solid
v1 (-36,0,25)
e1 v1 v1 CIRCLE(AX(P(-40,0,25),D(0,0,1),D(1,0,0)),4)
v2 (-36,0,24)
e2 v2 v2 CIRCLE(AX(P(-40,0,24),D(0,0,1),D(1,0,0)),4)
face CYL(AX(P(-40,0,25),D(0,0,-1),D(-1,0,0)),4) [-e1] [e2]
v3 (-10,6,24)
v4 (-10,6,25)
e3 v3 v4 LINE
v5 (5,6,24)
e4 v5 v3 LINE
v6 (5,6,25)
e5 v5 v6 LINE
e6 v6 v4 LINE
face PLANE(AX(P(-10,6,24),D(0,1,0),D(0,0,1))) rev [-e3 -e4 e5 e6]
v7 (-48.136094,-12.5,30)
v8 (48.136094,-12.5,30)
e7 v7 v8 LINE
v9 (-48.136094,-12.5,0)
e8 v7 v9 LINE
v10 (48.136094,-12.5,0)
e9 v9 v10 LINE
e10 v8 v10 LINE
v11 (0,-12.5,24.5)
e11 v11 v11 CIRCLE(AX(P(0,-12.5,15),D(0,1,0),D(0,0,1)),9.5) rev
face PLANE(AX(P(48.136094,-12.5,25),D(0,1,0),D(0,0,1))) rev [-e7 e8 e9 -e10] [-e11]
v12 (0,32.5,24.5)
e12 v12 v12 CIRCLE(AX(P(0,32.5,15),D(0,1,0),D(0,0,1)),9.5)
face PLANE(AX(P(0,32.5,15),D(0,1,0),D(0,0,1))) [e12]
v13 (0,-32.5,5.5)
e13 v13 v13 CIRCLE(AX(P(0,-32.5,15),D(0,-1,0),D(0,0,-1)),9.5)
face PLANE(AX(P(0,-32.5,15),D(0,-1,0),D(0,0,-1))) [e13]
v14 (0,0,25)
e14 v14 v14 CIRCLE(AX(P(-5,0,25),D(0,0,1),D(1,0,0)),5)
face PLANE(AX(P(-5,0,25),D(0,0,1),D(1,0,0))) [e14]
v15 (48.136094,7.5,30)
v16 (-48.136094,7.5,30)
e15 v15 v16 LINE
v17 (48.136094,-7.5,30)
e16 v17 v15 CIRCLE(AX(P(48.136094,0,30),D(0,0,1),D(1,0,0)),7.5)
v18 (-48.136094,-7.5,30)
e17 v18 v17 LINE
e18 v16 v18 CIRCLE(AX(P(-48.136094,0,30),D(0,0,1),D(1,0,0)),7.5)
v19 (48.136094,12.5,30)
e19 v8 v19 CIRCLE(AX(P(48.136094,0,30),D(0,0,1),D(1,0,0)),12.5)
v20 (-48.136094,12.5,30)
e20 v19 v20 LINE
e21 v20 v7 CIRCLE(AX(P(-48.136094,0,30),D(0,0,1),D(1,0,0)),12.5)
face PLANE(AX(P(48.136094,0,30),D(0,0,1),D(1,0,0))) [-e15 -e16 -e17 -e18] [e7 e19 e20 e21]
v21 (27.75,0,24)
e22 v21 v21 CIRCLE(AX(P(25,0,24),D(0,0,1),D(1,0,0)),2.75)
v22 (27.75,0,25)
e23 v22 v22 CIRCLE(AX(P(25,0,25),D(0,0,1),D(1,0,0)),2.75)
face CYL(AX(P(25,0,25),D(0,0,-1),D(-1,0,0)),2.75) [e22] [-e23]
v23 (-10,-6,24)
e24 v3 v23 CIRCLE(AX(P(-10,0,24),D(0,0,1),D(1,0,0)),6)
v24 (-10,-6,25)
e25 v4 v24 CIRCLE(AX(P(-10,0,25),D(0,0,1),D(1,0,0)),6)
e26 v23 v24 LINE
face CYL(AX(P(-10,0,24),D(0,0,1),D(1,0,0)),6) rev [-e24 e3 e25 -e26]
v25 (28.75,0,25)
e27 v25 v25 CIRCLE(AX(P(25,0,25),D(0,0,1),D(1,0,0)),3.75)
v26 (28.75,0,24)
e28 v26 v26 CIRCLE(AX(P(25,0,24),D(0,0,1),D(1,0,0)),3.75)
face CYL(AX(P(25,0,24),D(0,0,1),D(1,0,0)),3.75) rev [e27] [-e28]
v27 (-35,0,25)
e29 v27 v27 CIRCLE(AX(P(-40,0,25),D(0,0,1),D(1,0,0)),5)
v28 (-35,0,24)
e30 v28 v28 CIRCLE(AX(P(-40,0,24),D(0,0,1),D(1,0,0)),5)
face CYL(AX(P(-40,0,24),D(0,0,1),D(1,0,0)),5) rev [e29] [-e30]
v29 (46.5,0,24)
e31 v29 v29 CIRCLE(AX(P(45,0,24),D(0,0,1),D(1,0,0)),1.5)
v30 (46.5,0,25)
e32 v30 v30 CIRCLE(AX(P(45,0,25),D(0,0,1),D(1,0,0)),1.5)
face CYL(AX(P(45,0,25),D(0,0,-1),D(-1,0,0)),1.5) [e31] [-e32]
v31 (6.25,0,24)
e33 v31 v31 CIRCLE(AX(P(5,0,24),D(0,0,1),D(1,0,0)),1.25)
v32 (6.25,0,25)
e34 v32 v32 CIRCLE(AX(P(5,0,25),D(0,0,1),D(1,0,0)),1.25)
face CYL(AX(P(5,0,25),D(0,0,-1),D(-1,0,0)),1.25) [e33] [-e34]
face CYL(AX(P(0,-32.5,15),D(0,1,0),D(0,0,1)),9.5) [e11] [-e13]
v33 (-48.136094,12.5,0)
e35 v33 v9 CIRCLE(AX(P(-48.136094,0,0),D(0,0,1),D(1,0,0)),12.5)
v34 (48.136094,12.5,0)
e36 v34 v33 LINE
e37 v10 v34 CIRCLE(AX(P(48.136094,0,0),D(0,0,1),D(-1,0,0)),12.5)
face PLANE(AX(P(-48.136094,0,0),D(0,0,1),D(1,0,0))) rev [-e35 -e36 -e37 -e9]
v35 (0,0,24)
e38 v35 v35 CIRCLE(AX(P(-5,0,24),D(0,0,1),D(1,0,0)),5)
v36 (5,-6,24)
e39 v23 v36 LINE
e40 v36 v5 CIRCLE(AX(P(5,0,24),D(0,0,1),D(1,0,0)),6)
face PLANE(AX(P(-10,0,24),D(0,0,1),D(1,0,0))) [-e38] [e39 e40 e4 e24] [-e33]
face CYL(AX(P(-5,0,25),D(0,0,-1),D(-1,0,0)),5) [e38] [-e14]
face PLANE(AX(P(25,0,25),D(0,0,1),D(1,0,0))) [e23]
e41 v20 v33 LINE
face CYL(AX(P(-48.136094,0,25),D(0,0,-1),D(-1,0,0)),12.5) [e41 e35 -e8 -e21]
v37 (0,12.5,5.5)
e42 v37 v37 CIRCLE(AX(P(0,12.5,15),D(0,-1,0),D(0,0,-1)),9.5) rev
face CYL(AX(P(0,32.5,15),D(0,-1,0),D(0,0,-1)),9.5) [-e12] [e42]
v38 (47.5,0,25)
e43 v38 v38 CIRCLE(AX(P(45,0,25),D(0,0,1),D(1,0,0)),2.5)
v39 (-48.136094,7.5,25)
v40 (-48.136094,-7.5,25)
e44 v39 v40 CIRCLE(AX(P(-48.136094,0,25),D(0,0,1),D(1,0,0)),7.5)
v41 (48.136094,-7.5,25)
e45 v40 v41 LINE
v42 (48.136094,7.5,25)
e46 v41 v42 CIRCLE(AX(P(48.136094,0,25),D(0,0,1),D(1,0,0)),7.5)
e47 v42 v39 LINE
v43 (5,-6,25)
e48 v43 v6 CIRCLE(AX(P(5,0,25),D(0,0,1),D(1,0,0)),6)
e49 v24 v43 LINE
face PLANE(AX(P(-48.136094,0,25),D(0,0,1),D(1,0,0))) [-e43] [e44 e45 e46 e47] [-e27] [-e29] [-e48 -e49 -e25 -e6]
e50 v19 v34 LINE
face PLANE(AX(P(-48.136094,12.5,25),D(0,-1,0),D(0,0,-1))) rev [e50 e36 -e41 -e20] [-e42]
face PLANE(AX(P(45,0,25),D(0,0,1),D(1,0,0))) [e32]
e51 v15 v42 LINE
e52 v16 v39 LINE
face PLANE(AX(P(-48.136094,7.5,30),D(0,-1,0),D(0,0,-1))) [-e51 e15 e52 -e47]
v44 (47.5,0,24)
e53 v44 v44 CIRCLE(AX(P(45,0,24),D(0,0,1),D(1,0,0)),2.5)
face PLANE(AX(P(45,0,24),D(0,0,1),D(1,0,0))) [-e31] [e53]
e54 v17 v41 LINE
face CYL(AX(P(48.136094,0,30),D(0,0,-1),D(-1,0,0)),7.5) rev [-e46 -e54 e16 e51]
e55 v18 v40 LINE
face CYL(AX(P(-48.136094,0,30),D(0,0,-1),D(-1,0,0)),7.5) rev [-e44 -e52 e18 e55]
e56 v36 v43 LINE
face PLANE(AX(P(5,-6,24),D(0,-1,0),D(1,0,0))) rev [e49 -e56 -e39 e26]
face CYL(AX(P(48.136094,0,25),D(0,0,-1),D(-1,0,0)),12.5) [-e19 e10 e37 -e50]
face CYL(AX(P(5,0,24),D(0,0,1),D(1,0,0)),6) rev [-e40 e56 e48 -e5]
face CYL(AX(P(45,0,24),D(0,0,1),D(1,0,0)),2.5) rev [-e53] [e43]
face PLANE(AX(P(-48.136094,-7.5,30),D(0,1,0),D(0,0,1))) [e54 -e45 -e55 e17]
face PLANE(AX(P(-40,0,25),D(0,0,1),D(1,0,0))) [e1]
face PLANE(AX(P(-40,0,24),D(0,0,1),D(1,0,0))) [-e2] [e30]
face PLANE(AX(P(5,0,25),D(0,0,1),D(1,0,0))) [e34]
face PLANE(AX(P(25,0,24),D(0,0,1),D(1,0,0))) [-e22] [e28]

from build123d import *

# Parameters (mm, degrees)
BOSS_EXTRUDE1_DEPTH = 25
EXTRUDE_THIN2_DEPTH = 5
SKETCH3_R           = 5
SKETCH3_R_2         = 3.75
SKETCH3_R_3         = 2.5
CUT_EXTRUDE1_DEPTH  = 1
SKETCH4_R           = 5
SKETCH4_R_2         = 1.25
SKETCH4_R_3         = 4
SKETCH4_R_4         = 2.75
SKETCH4_R_5         = 1.5
BOSS_EXTRUDE2_DEPTH = 1
SKETCH5_R           = 9.5
BOSS_EXTRUDE4_DEPTH = 20
BOSS_EXTRUDE5_START = 20
SKETCH7_R           = 9.5
BOSS_EXTRUDE5_DEPTH = 20


with BuildPart() as part:
    # Sketch1 → Boss-Extrude1 (new body)
    with BuildSketch(Plane.XY):
        with BuildLine():
            Line((-48.13609402, 12.5), (48.13609402, 12.5))
            ThreePointArc((48.13609402, 12.5), (60.63609402, 0), (48.13609402, -12.5))
            Line((48.13609402, -12.5), (-48.13609402, -12.5))
            ThreePointArc((-48.13609402, -12.5), (-60.63609402, 0), (-48.13609402, 12.5))
        make_face()
    extrude(amount=BOSS_EXTRUDE1_DEPTH)

    # Sketch2 → Extrude-Thin2 (add)
    with BuildSketch(Plane.XY.offset(25)):
        with BuildLine():
            Line((48.13609402, -12.5), (-48.13609402, -12.5))
            ThreePointArc((-48.13609402, -12.5), (-60.63609402, 0), (-48.13609402, 12.5))
            Line((-48.13609402, 12.5), (48.13609402, 12.5))
            ThreePointArc((48.13609402, 12.5), (60.63609402, 0), (48.13609402, -12.5))
        make_face()
        with BuildLine():
            Line((48.13609402, -7.5), (-48.13609402, -7.5))
            ThreePointArc((-48.13609402, -7.5), (-55.63609402, 0), (-48.13609402, 7.5))
            Line((-48.13609402, 7.5), (48.13609402, 7.5))
            ThreePointArc((48.13609402, 7.5), (55.63609402, 0), (48.13609402, -7.5))
        make_face(mode=Mode.SUBTRACT)
    extrude(amount=EXTRUDE_THIN2_DEPTH)

    # Sketch3 → Cut-Extrude1 (cut)
    with BuildSketch(Plane.XY.offset(25)):
        with Locations((-40, 0)):
            Circle(SKETCH3_R)
        with Locations((25, 0)):
            Circle(SKETCH3_R_2)
        with Locations((45, 0)):
            Circle(SKETCH3_R_3)
        with BuildLine():
            Line((-10, 6), (5, 6))
            ThreePointArc((5, 6), (11, 0), (5, -6))
            Line((5, -6), (-10, -6))
            ThreePointArc((-10, -6), (-16, 0), (-10, 6))
        make_face()
    extrude(amount=-CUT_EXTRUDE1_DEPTH, mode=Mode.SUBTRACT)

    # Sketch4 → Boss-Extrude2 (add)
    with BuildSketch(Plane.XY.offset(24)):
        with Locations((-5, 0)):
            Circle(SKETCH4_R)
        with Locations((5, 0)):
            Circle(SKETCH4_R_2)
        with Locations((-40, 0)):
            Circle(SKETCH4_R_3)
        with Locations((25, 0)):
            Circle(SKETCH4_R_4)
        with Locations((45, 0)):
            Circle(SKETCH4_R_5)
    extrude(amount=BOSS_EXTRUDE2_DEPTH)

    # Sketch5 → Boss-Extrude4 (add)
    with BuildSketch(Plane(origin=(0, 12.5, 0), x_dir=(1, 0, 0), z_dir=(0, 1, 0))):
        with Locations(Location((0, -15, 0), (0, 0, 90))):
            Circle(SKETCH5_R)
    extrude(amount=BOSS_EXTRUDE4_DEPTH)

    # Sketch7 → Boss-Extrude5 (add)
    with BuildSketch(Plane.XZ.offset(12.5).offset(BOSS_EXTRUDE5_START)):
        with Locations(Location((0, 15, 0), (0, 0, 270))):
            Circle(SKETCH7_R)
    extrude(amount=-BOSS_EXTRUDE5_DEPTH)


solid = part.part
